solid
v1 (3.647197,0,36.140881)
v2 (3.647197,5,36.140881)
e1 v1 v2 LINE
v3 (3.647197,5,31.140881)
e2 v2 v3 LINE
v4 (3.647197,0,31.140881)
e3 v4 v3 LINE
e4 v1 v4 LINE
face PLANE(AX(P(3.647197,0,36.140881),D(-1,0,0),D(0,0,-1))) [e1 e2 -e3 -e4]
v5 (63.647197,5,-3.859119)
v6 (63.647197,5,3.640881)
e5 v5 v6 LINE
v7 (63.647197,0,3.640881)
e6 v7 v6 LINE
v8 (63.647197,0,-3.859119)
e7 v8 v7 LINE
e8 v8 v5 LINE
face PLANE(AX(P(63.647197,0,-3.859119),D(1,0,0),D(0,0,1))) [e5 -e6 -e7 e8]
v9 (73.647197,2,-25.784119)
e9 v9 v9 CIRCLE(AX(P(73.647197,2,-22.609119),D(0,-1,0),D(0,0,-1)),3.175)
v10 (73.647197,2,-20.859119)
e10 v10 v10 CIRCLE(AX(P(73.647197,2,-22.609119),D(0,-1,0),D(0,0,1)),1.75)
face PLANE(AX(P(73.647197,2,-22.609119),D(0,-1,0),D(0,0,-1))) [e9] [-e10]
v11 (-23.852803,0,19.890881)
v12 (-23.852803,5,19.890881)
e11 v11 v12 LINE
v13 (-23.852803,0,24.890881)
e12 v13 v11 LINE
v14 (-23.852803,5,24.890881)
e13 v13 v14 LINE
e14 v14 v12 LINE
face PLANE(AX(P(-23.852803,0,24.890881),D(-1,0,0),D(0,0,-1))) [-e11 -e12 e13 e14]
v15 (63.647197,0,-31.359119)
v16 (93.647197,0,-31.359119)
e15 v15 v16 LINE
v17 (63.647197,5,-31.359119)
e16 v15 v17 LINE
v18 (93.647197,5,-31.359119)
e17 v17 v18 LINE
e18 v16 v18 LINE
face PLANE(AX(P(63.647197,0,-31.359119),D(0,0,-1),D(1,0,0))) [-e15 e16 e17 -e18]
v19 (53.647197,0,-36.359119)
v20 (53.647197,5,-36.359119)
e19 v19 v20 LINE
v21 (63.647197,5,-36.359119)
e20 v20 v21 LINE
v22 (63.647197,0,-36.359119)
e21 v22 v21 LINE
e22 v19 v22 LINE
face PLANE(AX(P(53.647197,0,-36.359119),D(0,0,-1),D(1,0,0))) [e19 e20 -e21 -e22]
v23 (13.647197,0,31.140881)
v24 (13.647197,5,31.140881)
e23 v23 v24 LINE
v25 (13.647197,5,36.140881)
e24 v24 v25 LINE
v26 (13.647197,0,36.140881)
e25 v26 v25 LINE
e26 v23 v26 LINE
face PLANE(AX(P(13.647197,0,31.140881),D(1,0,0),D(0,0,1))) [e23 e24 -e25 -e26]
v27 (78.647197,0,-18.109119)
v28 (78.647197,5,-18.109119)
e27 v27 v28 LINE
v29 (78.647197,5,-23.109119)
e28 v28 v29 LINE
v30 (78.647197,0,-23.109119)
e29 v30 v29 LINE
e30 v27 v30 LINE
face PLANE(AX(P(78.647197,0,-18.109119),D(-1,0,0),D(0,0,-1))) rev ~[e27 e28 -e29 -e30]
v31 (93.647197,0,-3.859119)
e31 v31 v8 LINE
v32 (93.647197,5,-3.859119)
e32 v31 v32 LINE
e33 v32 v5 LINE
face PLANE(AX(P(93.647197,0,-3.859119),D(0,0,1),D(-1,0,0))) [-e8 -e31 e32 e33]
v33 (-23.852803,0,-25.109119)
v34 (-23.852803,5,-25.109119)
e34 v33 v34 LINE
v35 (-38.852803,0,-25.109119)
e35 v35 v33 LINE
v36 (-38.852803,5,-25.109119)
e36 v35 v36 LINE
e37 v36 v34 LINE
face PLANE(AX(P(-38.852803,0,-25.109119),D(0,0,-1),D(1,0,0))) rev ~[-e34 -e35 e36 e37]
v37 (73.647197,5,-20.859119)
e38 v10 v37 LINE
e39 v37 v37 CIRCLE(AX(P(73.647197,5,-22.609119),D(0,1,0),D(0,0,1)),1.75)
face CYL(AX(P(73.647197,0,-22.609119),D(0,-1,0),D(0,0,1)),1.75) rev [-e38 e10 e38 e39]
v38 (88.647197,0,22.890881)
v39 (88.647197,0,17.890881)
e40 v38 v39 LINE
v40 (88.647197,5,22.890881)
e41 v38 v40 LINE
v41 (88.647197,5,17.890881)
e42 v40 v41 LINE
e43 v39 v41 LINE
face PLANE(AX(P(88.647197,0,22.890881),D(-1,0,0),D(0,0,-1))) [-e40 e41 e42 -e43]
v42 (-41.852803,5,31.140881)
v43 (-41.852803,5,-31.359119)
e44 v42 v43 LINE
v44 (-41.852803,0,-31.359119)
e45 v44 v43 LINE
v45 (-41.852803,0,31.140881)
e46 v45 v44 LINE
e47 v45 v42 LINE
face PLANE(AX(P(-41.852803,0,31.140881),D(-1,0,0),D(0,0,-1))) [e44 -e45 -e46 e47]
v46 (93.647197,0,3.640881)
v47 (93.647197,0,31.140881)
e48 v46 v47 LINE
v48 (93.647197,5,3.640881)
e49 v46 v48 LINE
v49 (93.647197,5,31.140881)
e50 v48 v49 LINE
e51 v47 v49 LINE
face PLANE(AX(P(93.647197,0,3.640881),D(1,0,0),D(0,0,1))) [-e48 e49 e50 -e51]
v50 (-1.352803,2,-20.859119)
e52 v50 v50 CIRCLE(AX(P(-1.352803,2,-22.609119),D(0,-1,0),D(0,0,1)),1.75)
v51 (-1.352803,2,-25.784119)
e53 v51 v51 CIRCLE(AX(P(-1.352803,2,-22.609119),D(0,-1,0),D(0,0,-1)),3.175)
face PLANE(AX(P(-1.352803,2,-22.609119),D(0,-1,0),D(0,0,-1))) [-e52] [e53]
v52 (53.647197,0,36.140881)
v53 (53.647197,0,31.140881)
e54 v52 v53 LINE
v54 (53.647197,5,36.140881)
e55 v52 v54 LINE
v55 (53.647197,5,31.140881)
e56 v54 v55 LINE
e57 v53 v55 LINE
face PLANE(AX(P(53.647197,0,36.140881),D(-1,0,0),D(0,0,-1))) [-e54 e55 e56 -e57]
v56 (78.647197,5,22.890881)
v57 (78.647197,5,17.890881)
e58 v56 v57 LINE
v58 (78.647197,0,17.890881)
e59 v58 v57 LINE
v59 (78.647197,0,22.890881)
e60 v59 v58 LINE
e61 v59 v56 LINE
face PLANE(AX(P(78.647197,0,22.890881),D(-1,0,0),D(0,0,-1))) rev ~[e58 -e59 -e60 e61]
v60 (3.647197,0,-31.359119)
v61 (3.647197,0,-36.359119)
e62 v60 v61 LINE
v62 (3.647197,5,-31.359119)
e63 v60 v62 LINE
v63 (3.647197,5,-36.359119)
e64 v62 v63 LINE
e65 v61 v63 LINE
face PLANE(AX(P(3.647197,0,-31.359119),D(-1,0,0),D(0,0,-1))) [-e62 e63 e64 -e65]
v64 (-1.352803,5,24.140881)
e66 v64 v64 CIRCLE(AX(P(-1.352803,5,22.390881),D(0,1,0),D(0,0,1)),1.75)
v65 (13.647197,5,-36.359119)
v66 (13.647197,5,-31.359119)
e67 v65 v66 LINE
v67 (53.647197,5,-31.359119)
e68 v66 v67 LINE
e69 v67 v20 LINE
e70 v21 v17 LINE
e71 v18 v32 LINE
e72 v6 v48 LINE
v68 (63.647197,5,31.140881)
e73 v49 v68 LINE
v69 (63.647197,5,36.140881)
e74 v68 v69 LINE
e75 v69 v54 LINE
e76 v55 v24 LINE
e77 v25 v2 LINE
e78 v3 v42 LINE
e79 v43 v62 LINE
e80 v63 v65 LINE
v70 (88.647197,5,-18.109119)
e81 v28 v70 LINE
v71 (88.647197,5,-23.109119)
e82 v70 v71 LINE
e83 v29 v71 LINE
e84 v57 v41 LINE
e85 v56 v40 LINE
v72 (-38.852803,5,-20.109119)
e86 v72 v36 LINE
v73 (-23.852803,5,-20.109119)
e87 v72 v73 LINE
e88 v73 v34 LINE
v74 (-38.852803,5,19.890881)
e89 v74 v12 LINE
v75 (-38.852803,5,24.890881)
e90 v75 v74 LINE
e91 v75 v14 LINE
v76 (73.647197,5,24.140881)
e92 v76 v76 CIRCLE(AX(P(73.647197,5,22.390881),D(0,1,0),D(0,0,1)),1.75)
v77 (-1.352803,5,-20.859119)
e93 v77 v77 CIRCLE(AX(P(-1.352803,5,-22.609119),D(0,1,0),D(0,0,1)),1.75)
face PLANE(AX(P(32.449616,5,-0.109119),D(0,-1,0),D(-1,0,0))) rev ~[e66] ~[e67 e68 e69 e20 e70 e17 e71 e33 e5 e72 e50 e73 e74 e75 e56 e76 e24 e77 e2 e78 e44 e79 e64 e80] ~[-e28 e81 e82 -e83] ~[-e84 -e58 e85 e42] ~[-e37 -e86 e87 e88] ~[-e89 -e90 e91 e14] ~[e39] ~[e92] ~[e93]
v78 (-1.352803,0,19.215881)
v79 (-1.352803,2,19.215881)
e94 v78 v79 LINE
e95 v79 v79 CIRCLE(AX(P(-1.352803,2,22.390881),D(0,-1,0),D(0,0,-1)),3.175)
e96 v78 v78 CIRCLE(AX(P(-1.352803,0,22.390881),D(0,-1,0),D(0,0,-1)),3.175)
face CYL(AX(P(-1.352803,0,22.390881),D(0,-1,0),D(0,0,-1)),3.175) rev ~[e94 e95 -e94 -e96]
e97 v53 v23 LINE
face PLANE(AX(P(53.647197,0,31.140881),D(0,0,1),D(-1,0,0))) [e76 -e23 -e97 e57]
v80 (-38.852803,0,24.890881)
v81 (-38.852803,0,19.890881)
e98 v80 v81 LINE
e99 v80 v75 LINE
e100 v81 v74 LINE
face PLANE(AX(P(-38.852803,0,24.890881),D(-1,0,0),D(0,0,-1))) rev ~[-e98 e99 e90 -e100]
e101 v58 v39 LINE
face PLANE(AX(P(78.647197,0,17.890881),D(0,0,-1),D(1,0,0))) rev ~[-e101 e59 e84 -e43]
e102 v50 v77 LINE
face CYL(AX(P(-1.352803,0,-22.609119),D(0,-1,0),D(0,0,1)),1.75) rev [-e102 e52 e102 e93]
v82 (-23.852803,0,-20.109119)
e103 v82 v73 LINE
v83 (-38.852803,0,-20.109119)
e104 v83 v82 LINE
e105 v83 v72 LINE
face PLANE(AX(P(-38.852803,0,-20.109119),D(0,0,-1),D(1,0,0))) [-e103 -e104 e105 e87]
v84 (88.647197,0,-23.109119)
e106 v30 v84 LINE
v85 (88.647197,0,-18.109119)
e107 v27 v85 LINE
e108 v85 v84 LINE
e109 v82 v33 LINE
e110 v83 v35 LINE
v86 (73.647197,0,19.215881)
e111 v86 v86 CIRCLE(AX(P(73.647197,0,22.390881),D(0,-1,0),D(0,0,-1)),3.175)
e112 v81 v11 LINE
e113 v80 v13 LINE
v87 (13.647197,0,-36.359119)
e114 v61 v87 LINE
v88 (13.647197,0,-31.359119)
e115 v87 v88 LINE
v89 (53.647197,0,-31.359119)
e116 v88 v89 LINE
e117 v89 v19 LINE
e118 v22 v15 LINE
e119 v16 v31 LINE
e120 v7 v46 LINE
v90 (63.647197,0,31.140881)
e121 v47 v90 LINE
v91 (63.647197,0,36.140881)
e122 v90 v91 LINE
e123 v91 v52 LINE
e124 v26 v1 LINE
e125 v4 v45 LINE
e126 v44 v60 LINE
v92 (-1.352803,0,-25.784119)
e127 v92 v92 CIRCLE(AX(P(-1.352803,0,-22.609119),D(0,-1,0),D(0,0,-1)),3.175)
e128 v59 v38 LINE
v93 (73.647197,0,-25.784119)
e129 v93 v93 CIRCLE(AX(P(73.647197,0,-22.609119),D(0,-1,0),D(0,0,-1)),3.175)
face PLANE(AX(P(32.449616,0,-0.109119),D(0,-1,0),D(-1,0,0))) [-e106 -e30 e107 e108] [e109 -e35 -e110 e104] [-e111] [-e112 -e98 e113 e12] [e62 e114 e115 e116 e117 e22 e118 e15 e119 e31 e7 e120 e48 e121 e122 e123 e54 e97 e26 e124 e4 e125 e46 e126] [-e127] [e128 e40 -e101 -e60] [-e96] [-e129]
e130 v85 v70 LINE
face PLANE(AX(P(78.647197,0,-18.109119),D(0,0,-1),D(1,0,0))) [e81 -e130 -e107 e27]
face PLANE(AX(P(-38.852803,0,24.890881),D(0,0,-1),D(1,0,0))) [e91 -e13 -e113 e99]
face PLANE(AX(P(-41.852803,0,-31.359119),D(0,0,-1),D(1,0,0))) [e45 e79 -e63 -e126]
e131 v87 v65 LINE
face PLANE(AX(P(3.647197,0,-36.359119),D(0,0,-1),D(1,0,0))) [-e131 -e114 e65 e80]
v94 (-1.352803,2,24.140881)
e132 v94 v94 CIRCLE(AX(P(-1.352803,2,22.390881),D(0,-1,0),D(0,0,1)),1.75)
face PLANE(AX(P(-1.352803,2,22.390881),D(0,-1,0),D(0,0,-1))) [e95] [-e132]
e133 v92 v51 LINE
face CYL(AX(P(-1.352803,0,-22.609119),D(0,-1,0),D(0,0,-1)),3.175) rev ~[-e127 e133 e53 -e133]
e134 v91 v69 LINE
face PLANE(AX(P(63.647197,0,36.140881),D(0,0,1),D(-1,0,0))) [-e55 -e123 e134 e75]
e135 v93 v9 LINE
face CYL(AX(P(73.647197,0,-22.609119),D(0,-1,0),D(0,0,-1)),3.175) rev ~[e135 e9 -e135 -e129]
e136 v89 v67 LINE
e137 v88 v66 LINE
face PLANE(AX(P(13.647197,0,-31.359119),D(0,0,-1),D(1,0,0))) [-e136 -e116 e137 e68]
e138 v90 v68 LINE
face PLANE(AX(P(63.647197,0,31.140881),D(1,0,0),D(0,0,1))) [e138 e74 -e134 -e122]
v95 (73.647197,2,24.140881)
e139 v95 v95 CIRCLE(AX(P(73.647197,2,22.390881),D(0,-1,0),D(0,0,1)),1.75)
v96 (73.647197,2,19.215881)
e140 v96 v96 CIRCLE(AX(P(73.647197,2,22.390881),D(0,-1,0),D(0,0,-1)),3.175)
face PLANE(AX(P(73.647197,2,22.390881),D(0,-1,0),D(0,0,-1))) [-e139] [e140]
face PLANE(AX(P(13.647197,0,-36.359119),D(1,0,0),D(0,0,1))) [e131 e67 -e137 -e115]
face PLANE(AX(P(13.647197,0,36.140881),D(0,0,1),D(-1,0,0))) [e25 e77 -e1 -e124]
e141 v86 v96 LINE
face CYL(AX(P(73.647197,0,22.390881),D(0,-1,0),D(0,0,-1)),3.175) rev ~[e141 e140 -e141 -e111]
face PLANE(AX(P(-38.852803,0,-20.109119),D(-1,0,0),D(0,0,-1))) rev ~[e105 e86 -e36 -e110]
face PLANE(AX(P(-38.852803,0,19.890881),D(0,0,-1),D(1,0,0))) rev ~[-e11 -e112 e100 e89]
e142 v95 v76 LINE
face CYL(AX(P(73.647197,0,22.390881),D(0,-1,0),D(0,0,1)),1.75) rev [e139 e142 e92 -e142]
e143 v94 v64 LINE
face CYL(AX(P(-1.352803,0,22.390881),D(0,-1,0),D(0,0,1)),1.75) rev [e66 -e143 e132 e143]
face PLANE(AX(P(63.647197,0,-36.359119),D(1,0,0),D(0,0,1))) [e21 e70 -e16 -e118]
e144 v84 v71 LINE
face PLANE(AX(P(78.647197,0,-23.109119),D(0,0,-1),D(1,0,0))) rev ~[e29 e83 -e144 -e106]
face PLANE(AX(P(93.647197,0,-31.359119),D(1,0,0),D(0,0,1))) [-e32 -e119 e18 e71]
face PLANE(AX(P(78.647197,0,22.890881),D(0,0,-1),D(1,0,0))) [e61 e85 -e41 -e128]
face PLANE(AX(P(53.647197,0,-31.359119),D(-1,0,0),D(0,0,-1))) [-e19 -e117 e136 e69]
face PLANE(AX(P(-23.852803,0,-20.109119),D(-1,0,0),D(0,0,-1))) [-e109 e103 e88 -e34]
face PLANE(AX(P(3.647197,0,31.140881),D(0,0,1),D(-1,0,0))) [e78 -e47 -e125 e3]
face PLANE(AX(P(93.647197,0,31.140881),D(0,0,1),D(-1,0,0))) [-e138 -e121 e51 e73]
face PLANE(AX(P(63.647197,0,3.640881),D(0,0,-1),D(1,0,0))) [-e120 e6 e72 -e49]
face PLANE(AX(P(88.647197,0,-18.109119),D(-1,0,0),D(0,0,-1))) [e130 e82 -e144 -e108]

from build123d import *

# Parameters (mm, degrees)
SKETCH1_R           = 1.75
SKETCH1_W           = 10
SKETCH1_H           = 5
SKETCH1_W_2         = 15
BOSS_EXTRUDE1_DEPTH = 5
SKETCH3_R           = 3.175
CUT_EXTRUDE1_DEPTH  = 2


with BuildPart() as part:
    # Sketch1 → Boss-Extrude1 (new body)
    with BuildSketch(Plane(origin=(0, 0, 0), x_dir=(1, 0, 0), z_dir=(0, 1, 0))):
        Polygon((3.647196653, 31.359118607), (3.647196653, 36.359118607), (13.647196653, 36.359118607), (13.647196653, 31.359118607), (53.647196653, 31.359118607), (53.647196653, 36.359118607), (63.647196653, 36.359118607), (63.647196653, 31.359118607), (93.647196653, 31.359118607), (93.647196653, 3.859118607), (63.647196653, 3.859118607), (63.647196653, -3.640881393), (93.647196653, -3.640881393), (93.647196653, -31.140881393), (63.647196653, -31.140881393), (63.647196653, -36.140881393), (53.647196653, -36.140881393), (53.647196653, -31.140881393), (13.647196653, -31.140881393), (13.647196653, -36.140881393), (3.647196653, -36.140881393), (3.647196653, -31.140881393), (-41.852803347, -31.140881393), (-41.852803347, 31.359118607), align=None)
        with Locations(Location((73.647196653, 22.609118607, 0), (0, 0, 270))):
            Circle(SKETCH1_R, mode=Mode.SUBTRACT)
        with Locations(Location((-1.352803347, 22.609118607, 0), (0, 0, 270))):
            Circle(SKETCH1_R, mode=Mode.SUBTRACT)
        with Locations(Location((73.647196653, -22.390881393, 0), (0, 0, 270))):
            Circle(SKETCH1_R, mode=Mode.SUBTRACT)
        with Locations(Location((-1.352803347, -22.390881393, 0), (0, 0, 270))):
            Circle(SKETCH1_R, mode=Mode.SUBTRACT)
        with Locations((83.647196653, -20.390881393)):
            Rectangle(SKETCH1_W, SKETCH1_H, mode=Mode.SUBTRACT)
        with Locations((-31.352803347, -22.390881393)):
            Rectangle(SKETCH1_W_2, SKETCH1_H, mode=Mode.SUBTRACT)
        with Locations((-31.352803347, 22.609118607)):
            Rectangle(SKETCH1_W_2, SKETCH1_H, mode=Mode.SUBTRACT)
        with Locations((83.647196653, 20.609118607)):
            Rectangle(SKETCH1_W, SKETCH1_H, mode=Mode.SUBTRACT)
    extrude(amount=BOSS_EXTRUDE1_DEPTH)

    # Sketch3 → Cut-Extrude1 (cut)
    with BuildSketch(Plane.XZ):
        with Locations(Location((-1.352803347, 22.390881393, 0), (0, 0, 270))):
            Circle(SKETCH3_R)
        with Locations(Location((73.647196653, 22.390881393, 0), (0, 0, 270))):
            Circle(SKETCH3_R)
        with Locations(Location((-1.352803347, -22.609118607, 0), (0, 0, 270))):
            Circle(SKETCH3_R)
        with Locations(Location((73.647196653, -22.609118607, 0), (0, 0, 270))):
            Circle(SKETCH3_R)
    extrude(amount=-CUT_EXTRUDE1_DEPTH, mode=Mode.SUBTRACT)


solid = part.part
